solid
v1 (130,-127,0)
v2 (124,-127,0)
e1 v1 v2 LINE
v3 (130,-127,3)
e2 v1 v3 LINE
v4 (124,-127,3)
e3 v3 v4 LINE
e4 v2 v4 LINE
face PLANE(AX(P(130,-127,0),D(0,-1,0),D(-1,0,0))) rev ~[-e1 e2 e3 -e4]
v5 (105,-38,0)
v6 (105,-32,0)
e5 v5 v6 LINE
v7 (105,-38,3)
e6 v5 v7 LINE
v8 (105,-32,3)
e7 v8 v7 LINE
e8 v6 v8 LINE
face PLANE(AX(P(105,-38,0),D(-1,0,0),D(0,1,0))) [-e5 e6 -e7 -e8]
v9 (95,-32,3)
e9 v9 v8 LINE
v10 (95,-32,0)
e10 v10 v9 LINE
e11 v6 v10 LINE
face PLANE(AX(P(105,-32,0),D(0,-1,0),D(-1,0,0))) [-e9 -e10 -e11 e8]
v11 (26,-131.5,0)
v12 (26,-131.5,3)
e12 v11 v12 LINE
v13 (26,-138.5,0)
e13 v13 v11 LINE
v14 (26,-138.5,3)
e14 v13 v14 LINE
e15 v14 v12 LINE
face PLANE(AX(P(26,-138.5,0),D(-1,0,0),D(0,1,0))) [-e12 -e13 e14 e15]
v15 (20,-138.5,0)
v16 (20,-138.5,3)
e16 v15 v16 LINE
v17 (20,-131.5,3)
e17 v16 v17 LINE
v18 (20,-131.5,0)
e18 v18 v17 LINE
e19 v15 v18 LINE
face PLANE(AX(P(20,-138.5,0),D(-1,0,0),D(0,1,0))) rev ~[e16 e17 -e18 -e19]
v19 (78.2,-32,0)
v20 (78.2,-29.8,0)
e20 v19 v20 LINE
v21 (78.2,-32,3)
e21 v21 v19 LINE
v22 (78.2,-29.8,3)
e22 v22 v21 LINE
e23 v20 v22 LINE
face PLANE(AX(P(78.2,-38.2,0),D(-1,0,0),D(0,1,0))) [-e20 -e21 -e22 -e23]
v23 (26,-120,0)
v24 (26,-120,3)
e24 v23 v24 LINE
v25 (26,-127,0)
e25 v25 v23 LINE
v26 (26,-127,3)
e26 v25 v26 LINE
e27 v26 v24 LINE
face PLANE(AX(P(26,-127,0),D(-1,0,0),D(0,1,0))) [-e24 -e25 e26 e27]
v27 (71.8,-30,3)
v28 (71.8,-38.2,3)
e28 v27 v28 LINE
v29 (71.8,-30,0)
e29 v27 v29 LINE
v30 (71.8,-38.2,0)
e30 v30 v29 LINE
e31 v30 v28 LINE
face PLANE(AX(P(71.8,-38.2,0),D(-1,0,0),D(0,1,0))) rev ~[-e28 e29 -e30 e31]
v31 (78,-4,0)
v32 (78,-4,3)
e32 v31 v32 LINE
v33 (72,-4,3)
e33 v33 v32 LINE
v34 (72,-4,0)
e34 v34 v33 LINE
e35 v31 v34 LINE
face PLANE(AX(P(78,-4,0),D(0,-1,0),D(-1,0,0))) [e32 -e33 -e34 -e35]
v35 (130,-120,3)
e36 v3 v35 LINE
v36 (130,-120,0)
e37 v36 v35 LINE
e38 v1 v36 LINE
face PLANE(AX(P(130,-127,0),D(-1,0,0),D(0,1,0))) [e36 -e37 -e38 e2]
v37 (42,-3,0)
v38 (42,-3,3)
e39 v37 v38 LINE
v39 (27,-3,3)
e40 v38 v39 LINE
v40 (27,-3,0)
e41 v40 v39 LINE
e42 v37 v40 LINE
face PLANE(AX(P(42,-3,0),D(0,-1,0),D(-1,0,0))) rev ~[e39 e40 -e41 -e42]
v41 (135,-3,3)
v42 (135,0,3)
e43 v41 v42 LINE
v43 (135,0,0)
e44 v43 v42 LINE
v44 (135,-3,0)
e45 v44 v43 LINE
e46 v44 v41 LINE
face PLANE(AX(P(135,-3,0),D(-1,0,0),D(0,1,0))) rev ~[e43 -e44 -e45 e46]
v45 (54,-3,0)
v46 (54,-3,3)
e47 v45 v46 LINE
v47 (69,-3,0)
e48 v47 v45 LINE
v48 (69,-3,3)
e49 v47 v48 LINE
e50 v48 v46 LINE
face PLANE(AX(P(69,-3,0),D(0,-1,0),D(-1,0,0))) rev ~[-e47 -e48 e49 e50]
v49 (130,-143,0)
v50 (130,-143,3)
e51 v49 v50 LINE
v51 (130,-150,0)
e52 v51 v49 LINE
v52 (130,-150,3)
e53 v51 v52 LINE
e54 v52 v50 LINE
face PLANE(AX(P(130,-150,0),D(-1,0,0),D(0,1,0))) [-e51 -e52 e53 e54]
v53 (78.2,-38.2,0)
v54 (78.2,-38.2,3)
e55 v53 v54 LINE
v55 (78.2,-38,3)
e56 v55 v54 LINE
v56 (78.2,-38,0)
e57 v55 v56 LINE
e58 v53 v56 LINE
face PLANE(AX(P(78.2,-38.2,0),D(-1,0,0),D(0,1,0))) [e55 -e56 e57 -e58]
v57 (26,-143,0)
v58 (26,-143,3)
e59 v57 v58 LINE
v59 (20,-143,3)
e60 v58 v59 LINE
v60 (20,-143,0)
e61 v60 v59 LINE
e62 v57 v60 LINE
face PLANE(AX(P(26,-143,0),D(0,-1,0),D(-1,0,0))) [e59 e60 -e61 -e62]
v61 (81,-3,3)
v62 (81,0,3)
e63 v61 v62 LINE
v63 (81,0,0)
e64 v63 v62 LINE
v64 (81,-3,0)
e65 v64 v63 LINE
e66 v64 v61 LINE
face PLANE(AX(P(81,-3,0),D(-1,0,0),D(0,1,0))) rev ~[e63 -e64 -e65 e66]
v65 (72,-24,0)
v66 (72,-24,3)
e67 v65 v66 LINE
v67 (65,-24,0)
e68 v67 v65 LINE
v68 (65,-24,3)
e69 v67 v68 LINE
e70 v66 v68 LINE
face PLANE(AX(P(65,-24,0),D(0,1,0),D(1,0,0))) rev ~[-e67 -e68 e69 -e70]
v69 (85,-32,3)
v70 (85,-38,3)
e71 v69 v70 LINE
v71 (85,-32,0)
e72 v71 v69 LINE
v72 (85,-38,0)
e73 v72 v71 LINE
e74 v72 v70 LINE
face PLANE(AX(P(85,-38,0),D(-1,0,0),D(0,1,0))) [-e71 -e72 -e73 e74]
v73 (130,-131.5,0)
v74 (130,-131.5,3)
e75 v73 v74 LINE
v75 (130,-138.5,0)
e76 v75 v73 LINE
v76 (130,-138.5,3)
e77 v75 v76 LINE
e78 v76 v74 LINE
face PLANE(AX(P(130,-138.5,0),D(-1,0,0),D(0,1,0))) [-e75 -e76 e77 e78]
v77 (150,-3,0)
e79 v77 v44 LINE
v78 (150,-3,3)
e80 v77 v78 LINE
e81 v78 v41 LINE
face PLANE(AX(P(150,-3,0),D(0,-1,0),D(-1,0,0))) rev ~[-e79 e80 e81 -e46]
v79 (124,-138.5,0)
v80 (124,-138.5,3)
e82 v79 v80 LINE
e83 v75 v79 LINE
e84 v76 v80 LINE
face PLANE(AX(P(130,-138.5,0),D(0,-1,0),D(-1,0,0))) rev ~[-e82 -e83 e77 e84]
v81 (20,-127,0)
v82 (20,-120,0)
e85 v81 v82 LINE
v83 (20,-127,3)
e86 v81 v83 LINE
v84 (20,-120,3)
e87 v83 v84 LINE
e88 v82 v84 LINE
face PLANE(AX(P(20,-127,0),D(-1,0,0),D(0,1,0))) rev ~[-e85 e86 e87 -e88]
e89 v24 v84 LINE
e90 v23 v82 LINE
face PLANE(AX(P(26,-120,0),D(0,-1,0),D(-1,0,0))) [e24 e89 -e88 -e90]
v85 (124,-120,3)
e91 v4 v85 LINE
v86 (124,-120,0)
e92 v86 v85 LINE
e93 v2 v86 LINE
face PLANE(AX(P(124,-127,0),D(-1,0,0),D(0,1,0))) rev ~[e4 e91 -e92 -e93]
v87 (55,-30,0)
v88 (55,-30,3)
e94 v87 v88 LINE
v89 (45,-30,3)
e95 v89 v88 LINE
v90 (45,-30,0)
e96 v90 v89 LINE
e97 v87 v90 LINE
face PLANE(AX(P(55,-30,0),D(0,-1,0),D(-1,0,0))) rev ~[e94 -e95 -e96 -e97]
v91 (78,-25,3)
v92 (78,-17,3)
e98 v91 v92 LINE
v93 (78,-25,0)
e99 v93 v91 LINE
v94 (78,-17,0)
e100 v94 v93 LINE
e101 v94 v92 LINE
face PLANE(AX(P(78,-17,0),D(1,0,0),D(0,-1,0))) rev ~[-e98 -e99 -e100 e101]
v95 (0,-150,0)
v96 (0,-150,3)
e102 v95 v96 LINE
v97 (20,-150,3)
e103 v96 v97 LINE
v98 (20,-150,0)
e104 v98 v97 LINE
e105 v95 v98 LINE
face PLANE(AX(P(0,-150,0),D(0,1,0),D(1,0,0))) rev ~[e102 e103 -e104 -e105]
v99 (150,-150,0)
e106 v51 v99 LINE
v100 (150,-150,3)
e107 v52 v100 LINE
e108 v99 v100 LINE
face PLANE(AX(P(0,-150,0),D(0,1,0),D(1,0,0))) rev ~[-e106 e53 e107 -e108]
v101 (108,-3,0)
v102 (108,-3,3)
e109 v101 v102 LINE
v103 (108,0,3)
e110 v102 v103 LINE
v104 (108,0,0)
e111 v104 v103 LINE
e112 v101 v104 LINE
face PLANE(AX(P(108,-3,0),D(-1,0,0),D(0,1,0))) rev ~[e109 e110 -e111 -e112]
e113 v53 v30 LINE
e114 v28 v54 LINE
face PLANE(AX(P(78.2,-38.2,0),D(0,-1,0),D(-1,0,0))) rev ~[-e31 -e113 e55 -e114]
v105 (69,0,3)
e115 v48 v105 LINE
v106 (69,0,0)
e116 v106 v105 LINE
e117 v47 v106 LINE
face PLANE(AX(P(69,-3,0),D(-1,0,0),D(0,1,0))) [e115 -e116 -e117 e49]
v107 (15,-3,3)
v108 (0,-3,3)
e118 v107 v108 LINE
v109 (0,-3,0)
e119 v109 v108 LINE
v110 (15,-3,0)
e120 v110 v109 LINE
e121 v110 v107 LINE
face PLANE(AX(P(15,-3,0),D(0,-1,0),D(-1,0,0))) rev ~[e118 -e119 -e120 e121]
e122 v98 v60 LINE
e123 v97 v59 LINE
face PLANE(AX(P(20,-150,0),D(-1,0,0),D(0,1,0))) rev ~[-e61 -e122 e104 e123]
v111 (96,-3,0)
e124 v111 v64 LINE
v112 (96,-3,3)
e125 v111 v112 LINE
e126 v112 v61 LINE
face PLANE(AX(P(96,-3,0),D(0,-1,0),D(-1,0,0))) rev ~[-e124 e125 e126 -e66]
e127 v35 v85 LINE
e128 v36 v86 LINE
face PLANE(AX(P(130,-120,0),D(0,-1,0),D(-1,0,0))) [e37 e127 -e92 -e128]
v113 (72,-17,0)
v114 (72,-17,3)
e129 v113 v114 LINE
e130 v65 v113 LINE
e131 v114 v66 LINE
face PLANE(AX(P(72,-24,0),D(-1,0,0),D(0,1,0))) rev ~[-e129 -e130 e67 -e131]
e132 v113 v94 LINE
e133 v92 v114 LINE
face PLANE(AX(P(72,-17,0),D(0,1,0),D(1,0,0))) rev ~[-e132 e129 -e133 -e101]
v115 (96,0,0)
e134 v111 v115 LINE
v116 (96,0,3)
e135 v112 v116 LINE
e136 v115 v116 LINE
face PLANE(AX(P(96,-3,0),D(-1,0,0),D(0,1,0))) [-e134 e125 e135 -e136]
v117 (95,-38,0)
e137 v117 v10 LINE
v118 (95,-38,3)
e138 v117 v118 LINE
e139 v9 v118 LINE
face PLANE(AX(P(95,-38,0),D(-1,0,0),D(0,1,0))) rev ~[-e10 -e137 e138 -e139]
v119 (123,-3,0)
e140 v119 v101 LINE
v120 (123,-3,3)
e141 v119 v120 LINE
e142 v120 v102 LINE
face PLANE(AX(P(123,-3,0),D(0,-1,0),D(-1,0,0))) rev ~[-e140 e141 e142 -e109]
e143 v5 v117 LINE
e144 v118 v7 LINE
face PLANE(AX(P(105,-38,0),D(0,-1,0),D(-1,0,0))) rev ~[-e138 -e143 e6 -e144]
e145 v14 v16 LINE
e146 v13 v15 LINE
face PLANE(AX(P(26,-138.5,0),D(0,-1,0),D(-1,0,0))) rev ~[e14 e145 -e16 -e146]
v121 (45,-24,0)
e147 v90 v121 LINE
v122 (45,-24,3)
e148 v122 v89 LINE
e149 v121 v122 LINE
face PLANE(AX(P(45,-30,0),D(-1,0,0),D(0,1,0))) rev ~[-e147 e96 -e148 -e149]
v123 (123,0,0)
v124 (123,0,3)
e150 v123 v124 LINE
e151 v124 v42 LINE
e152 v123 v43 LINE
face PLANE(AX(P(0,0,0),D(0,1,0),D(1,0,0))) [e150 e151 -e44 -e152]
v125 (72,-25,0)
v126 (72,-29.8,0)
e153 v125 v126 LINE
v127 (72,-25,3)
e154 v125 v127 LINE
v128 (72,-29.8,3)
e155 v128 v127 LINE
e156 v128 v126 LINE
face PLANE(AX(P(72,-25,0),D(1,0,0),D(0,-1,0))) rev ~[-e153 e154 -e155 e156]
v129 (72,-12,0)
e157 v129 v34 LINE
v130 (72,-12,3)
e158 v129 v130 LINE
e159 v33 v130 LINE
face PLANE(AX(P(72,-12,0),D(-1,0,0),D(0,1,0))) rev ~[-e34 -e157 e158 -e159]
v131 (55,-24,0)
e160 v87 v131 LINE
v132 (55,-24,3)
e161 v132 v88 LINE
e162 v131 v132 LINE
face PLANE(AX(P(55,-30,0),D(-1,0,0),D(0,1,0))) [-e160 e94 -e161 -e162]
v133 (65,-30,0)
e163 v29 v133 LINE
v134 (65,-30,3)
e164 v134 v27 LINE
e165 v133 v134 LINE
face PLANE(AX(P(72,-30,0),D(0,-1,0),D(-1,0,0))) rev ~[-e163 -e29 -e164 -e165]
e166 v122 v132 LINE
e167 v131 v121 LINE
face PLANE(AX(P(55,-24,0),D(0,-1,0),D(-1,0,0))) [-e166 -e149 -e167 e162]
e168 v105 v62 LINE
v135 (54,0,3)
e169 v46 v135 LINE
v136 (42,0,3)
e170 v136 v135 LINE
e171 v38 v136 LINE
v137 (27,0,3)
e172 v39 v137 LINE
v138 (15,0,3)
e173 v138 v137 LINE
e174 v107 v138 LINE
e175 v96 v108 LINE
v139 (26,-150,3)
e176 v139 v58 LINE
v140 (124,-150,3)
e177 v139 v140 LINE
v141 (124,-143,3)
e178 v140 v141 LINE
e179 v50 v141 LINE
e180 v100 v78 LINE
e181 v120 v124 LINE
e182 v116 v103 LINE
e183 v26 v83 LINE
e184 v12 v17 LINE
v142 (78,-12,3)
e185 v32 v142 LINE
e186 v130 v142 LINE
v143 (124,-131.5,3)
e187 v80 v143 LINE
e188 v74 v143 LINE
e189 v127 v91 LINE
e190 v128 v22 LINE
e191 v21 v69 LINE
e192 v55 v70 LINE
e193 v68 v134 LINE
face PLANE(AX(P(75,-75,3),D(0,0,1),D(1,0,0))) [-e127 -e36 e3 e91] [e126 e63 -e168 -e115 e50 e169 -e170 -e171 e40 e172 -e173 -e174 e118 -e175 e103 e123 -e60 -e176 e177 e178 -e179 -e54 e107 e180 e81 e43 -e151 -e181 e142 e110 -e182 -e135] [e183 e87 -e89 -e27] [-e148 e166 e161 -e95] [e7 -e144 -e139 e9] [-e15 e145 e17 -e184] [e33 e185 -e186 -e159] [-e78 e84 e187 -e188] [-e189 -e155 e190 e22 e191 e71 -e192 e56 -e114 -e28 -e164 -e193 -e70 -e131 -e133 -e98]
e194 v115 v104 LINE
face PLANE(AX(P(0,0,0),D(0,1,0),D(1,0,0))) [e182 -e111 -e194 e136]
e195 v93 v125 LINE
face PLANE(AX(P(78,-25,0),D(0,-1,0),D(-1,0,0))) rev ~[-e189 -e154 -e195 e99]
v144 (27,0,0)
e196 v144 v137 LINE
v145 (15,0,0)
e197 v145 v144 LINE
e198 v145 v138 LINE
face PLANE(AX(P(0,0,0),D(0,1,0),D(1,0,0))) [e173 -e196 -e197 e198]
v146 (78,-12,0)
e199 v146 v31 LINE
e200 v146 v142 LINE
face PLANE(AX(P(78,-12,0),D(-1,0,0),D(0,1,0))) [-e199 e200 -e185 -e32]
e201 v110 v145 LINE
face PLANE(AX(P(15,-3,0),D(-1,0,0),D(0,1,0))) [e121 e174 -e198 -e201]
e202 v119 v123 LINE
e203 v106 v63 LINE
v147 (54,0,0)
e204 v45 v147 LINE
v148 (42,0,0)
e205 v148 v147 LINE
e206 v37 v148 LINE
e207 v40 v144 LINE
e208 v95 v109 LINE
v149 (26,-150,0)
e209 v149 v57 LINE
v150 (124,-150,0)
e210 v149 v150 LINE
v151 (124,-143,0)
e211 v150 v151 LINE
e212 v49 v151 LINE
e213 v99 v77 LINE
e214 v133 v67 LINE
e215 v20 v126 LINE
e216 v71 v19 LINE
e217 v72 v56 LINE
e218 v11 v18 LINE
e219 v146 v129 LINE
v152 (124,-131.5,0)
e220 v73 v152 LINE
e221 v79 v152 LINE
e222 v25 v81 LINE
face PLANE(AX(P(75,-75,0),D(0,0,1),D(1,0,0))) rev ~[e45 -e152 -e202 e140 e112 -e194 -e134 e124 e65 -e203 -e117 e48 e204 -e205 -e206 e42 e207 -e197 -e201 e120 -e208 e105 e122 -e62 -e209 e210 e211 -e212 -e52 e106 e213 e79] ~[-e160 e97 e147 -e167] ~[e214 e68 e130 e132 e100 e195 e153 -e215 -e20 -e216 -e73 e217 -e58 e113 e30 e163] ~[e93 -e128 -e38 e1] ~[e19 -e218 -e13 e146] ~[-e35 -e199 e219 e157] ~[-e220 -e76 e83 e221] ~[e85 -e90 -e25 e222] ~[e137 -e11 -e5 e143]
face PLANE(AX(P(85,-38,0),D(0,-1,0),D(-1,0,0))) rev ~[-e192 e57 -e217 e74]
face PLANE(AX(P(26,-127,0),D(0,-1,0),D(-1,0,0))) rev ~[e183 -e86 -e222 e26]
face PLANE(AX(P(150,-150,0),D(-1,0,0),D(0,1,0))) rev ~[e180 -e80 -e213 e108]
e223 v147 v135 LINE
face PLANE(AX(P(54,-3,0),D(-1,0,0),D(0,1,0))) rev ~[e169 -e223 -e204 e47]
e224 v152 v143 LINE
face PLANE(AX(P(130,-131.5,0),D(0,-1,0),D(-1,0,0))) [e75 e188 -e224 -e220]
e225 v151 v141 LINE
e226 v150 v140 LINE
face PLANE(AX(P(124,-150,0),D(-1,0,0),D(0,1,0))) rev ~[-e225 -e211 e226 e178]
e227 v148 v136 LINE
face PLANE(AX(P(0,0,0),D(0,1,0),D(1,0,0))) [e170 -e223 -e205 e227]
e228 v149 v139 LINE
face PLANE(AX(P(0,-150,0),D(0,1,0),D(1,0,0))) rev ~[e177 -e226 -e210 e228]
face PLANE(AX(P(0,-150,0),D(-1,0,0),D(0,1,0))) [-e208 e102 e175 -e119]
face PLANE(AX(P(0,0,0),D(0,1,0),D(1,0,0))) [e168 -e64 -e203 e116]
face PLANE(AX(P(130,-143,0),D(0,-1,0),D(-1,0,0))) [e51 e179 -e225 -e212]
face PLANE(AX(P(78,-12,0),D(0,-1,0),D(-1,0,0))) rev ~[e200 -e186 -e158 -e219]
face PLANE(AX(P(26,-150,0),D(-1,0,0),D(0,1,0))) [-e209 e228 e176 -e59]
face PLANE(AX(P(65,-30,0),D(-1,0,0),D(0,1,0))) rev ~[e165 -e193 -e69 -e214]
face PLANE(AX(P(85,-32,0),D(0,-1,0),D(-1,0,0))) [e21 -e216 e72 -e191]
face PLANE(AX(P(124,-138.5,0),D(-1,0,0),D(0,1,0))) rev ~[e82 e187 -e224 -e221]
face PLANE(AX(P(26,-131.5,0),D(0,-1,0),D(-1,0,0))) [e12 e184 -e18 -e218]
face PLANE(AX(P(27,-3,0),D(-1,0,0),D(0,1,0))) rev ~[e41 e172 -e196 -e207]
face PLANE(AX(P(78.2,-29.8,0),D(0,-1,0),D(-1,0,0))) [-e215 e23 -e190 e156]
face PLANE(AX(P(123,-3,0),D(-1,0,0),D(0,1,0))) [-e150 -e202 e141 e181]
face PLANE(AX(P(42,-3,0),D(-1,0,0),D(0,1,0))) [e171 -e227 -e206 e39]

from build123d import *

# Parameters (mm, degrees)
ESQUISSE1_W              = 150
ESQUISSE1_H              = 150
BOSS_EXTRU_1_DEPTH       = 3
ESQUISSE12_W             = 6
ESQUISSE12_H             = 7
ENL_V_MAT_EXTRU_3_DEPTH  = 3
ESQUISSE14_W             = 15
ESQUISSE14_H             = 3
ENL_V_MAT_EXTRU_4_DEPTH  = 3
ESQUISSE15_W             = 10
ESQUISSE15_H             = 6
ESQUISSE15_W_2           = 6
ESQUISSE15_H_2           = 8
ESQUISSE15_W_3           = 7
ENL_V_MAT_EXTRU_9_DEPTH  = 10
ESQUISSE17_W             = 6.4
ESQUISSE17_H             = 8.4
ENL_V_MAT_EXTRU_12_DEPTH = 10


with BuildPart() as part:
    # Esquisse1 → Boss.-Extru.1 (new body)
    with BuildSketch(Plane.XY):
        with Locations((75, -75)):
            Rectangle(ESQUISSE1_W, ESQUISSE1_H)
    extrude(amount=BOSS_EXTRU_1_DEPTH)

    # Esquisse12 → Enlèv. mat.-Extru.3 (cut)
    with BuildSketch(Plane(origin=(0, 0, 0), x_dir=(-1, 0, 0), z_dir=(0, 0, -1))):
        with Locations((-127, -123.5)):
            Rectangle(ESQUISSE12_W, ESQUISSE12_H)
        with Locations((-127, -135)):
            Rectangle(ESQUISSE12_W, ESQUISSE12_H)
        with Locations((-127, -146.5)):
            Rectangle(ESQUISSE12_W, ESQUISSE12_H)
        with Locations((-23, -123.5)):
            Rectangle(ESQUISSE12_W, ESQUISSE12_H)
        with Locations((-23, -135)):
            Rectangle(ESQUISSE12_W, ESQUISSE12_H)
        with Locations((-23, -146.5)):
            Rectangle(ESQUISSE12_W, ESQUISSE12_H)
    extrude(amount=-ENL_V_MAT_EXTRU_3_DEPTH, mode=Mode.SUBTRACT)

    # Esquisse14 → Enlèv. mat.-Extru.4 (cut)
    with BuildSketch(Plane(origin=(0, 0, 0), x_dir=(-1, 0, 0), z_dir=(0, 0, -1))):
        with Locations((-142.5, -1.5)):
            Rectangle(ESQUISSE14_W, ESQUISSE14_H)
        with Locations((-115.5, -1.5)):
            Rectangle(ESQUISSE14_W, ESQUISSE14_H)
        with Locations((-88.5, -1.5)):
            Rectangle(ESQUISSE14_W, ESQUISSE14_H)
        with Locations((-61.5, -1.5)):
            Rectangle(ESQUISSE14_W, ESQUISSE14_H)
        with Locations((-34.5, -1.5)):
            Rectangle(ESQUISSE14_W, ESQUISSE14_H)
        with Locations((-7.5, -1.5)):
            Rectangle(ESQUISSE14_W, ESQUISSE14_H)
    extrude(amount=-ENL_V_MAT_EXTRU_4_DEPTH, mode=Mode.SUBTRACT)

    # Esquisse15 → Enlèv. mat.-Extru.9 (cut)
    with BuildSketch(Plane(origin=(0, 0, 0), x_dir=(-1, 0, 0), z_dir=(0, 0, -1))):
        with Locations((-50, -27)):
            Rectangle(ESQUISSE15_W, ESQUISSE15_H)
        Polygon((-78, -17), (-78, -25), (-72, -25), (-72, -30), (-65, -30), (-65, -24), (-72, -24), (-72, -17), align=None)
        with Locations((-75, -8)):
            Rectangle(ESQUISSE15_W_2, ESQUISSE15_H_2)
        with Locations((-81.5, -35)):
            Rectangle(ESQUISSE15_W_3, ESQUISSE15_H)
        with Locations((-100, -35)):
            Rectangle(ESQUISSE15_W, ESQUISSE15_H)
    extrude(amount=-ENL_V_MAT_EXTRU_9_DEPTH, mode=Mode.SUBTRACT)

    # Esquisse17 → Enlèv. mat.-Extru.12 (cut)
    with BuildSketch(Plane(origin=(0, 0, 0), x_dir=(-1, 0, 0), z_dir=(0, 0, -1))):
        with Locations((-75, -34)):
            Rectangle(ESQUISSE17_W, ESQUISSE17_H)
    extrude(amount=-ENL_V_MAT_EXTRU_12_DEPTH, mode=Mode.SUBTRACT)


solid = part.part
